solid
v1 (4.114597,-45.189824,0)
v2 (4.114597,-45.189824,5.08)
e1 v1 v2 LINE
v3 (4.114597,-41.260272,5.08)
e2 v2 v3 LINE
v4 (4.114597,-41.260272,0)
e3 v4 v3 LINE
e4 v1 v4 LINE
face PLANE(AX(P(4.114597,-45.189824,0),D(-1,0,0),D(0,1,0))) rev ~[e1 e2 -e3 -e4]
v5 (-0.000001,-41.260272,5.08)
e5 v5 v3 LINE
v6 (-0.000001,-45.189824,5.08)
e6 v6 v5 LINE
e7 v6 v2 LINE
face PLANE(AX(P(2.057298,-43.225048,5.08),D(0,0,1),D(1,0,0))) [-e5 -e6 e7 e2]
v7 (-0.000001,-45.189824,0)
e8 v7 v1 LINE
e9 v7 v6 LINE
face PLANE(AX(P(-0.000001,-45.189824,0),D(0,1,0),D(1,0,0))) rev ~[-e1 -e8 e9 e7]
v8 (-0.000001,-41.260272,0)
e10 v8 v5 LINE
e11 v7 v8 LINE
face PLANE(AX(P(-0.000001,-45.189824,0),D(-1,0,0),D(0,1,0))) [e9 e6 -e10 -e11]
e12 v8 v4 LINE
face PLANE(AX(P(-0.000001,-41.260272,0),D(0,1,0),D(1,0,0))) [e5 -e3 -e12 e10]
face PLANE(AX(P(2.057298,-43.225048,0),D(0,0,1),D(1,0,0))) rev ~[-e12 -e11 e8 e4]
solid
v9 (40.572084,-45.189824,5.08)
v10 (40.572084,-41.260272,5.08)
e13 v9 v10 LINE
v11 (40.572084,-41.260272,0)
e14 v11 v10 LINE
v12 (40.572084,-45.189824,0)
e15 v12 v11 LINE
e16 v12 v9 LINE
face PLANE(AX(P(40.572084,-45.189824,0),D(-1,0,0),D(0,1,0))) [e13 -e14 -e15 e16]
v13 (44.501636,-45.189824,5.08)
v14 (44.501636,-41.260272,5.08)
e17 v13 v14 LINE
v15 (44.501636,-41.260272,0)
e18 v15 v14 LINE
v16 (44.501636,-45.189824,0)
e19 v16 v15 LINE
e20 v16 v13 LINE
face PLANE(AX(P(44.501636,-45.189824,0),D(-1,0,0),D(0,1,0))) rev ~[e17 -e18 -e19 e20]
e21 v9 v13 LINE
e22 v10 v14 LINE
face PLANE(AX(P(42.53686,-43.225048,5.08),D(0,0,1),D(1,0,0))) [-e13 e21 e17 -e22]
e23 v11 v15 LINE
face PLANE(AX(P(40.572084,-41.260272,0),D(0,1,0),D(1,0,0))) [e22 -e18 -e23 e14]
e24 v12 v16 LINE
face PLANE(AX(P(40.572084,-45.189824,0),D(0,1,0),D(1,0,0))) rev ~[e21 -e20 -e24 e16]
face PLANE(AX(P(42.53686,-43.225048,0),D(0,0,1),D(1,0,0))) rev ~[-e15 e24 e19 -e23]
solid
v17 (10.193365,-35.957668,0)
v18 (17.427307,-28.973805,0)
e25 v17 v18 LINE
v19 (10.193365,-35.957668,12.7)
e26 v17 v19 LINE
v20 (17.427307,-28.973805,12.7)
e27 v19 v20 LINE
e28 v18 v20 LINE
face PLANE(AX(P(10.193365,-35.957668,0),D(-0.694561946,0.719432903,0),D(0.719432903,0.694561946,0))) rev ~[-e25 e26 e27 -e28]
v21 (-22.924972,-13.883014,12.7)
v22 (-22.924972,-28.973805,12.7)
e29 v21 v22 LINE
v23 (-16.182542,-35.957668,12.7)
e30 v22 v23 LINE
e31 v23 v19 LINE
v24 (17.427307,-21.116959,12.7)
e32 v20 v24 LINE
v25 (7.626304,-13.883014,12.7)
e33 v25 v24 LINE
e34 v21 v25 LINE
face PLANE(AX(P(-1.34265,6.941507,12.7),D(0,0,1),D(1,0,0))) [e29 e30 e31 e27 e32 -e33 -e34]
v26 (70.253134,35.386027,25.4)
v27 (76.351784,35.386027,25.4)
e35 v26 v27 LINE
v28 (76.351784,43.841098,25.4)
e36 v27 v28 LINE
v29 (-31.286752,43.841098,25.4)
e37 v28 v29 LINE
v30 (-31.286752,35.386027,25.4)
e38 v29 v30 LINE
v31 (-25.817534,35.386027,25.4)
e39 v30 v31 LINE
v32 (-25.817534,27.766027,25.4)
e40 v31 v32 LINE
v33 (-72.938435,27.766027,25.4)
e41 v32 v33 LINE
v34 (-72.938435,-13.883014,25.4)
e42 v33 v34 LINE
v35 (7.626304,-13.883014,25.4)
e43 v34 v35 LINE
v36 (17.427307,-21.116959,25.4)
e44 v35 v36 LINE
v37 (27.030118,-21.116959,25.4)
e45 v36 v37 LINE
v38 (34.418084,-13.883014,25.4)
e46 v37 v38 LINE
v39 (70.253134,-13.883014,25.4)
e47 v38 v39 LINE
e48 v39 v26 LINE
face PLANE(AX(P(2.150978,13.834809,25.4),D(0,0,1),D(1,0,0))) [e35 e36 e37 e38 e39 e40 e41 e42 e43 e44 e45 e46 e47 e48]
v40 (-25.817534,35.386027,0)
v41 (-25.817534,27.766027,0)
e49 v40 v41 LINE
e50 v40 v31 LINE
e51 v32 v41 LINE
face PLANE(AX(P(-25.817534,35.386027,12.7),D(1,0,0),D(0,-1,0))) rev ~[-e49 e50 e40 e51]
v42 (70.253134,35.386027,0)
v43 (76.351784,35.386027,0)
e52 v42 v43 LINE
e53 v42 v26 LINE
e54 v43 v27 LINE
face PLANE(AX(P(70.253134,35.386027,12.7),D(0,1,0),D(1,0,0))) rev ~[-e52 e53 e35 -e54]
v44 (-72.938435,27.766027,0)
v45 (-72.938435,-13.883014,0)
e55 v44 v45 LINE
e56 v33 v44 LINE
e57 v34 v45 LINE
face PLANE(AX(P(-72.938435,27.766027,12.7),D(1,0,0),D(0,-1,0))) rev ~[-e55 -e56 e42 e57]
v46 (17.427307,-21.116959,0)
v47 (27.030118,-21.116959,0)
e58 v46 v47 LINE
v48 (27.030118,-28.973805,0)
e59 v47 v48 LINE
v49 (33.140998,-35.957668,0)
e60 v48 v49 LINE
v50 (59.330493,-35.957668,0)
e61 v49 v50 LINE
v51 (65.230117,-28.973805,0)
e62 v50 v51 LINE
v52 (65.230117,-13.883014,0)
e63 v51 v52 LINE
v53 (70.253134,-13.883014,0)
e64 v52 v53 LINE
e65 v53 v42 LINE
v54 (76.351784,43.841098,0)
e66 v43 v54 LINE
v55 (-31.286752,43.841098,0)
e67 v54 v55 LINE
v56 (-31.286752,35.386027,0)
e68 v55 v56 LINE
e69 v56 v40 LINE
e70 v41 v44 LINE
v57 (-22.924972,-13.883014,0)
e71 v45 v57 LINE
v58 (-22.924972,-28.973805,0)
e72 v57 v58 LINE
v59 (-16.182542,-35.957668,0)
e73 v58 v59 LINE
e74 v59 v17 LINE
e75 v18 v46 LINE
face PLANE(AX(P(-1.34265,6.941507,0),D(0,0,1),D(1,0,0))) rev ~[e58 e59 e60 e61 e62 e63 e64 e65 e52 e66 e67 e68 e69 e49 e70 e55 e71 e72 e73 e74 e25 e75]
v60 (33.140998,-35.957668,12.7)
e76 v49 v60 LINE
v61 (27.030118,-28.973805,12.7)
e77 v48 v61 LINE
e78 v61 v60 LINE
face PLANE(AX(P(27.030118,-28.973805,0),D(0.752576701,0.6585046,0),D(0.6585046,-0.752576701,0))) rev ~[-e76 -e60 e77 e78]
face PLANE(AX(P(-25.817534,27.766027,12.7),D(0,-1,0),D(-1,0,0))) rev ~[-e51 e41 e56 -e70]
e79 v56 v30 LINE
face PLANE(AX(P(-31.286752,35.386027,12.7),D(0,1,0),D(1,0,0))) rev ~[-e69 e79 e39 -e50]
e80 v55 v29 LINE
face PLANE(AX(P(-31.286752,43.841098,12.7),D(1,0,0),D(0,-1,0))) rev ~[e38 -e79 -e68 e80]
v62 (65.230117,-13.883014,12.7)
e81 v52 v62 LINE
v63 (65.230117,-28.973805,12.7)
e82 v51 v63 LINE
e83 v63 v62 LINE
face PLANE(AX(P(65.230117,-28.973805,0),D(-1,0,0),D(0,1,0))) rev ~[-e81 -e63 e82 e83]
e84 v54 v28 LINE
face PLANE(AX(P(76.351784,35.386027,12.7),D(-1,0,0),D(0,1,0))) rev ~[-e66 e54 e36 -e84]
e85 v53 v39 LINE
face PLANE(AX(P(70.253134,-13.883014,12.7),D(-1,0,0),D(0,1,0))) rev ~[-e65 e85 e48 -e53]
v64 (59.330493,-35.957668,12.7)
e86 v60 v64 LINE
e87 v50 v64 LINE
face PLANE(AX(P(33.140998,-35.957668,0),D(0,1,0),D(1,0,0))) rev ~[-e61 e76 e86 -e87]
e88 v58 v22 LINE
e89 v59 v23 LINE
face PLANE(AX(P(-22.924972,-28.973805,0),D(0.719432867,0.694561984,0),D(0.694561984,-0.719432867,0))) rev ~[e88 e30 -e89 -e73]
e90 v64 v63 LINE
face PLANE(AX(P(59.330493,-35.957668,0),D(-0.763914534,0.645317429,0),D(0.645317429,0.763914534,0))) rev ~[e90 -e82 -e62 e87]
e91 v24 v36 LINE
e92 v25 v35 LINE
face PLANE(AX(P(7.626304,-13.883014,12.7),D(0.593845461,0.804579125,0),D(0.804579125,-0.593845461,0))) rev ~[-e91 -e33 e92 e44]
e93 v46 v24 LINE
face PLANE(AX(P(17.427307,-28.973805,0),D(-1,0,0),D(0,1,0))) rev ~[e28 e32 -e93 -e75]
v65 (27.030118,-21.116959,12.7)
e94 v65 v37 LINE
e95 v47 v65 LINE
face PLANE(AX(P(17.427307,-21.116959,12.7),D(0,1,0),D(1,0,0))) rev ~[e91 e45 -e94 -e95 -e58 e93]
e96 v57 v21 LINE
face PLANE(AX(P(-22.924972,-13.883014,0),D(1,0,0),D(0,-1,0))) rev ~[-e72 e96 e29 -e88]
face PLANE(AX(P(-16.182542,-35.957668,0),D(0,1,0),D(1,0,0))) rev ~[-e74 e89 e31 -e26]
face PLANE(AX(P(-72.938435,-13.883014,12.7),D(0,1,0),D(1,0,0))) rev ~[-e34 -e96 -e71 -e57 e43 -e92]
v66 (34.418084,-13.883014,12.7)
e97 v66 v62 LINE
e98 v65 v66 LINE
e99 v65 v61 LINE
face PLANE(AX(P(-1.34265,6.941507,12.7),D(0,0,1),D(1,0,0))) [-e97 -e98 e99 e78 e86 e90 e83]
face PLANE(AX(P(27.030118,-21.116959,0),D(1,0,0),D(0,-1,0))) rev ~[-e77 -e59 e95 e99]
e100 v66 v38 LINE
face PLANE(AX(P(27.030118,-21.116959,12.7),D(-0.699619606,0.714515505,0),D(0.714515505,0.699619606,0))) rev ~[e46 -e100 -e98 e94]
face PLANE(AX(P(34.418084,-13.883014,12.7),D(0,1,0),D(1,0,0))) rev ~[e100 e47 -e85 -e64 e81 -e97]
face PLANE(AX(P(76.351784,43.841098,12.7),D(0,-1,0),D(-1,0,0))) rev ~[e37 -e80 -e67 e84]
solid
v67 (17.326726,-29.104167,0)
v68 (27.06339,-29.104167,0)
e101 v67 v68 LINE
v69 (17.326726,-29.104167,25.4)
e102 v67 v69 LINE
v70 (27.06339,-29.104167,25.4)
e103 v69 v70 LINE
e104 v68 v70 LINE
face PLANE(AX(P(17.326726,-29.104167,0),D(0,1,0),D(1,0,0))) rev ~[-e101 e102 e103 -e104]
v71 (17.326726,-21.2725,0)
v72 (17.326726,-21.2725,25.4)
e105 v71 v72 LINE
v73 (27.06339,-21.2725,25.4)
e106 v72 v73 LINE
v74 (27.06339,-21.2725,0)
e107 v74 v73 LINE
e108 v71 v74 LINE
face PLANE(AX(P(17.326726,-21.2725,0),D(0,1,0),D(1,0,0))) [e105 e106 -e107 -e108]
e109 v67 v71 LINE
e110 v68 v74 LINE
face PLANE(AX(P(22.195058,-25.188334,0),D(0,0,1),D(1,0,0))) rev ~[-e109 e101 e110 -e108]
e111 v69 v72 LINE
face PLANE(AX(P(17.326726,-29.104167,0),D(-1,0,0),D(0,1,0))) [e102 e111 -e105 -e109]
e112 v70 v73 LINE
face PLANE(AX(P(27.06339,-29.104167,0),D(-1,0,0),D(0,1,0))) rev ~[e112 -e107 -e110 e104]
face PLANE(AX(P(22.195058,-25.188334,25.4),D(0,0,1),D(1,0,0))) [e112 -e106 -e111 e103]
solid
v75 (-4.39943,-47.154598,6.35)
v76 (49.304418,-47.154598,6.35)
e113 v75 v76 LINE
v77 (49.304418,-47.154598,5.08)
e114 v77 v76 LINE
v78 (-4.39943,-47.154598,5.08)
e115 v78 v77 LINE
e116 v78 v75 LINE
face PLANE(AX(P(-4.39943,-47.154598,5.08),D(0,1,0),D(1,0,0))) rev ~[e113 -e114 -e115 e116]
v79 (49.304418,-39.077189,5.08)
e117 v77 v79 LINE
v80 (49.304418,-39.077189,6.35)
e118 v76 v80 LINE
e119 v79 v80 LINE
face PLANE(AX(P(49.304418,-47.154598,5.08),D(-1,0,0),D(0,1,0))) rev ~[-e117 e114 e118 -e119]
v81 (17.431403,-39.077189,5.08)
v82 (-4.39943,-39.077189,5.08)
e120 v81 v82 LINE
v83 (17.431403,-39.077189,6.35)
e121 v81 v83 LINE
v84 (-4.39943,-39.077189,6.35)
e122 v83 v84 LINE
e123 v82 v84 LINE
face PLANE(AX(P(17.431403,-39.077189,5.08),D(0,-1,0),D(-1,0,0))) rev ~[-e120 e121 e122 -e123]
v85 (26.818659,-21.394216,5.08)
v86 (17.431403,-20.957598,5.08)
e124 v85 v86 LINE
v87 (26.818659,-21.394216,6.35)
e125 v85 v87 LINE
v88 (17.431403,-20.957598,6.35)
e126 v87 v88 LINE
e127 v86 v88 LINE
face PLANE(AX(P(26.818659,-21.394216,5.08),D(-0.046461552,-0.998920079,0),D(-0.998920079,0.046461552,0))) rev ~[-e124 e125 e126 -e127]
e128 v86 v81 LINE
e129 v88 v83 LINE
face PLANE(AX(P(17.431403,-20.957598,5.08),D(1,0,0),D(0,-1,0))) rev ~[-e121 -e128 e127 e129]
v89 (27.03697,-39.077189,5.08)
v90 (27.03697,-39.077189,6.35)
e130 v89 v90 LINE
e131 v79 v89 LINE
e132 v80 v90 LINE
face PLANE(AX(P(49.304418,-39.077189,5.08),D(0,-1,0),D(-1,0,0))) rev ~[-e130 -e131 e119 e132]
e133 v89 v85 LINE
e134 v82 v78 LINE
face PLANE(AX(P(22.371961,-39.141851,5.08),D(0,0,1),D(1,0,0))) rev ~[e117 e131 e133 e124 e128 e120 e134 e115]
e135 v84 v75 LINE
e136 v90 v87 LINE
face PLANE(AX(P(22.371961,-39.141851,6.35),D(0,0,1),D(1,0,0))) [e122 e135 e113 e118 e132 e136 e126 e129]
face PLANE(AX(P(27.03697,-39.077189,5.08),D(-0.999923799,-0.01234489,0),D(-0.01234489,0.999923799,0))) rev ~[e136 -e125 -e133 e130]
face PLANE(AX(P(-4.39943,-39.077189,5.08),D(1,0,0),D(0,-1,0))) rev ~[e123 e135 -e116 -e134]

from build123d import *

# Parameters (mm, degrees)
F1_DEPTH = 12.7
F3_DEPTH = 12.7
F4_W     = 4.114597
F4_H     = 3.929552
F4_W_2   = 3.929552
F5_DEPTH = 5.08
F7_DEPTH = 1.27
F8_W     = 9.736664
F8_H     = 7.831667
F9_DEPTH = 25.4


with BuildPart() as f1:
    # F0 (on Top) → F1 (new body)
    with BuildSketch(Plane.XY):
        Polygon((-25.817534, 27.766027), (-72.938435, 27.766027), (-72.938435, -13.883014), (-22.924972, -13.883014), (10.443441, -13.883014), (33.140998, -13.883014), (65.230117, -13.883014), (70.253134, -13.883014), (70.253134, 27.766027), align=None)
        Polygon((-25.817534, 35.386027), (-25.817534, 27.766027), (70.253134, 27.766027), (70.253134, 35.386027), (76.351784, 35.386027), (76.351784, 43.841098), (-31.286752, 43.841098), (-31.286752, 35.386027), align=None)
        Polygon((10.443441, -13.883014), (-22.924972, -13.883014), (-22.924972, -28.973805), (-16.182542, -35.957668), (10.193365, -35.957668), (17.427307, -28.973805), (17.427307, -21.116959), align=None)
        Polygon((33.140998, -13.883014), (10.443441, -13.883014), (17.427307, -21.116959), (27.030118, -21.116959), align=None)
        Polygon((65.230117, -28.973805), (65.230117, -13.883014), (33.140998, -13.883014), (27.030118, -21.116959), (27.030118, -28.973805), (33.140998, -35.957668), (59.330493, -35.957668), align=None)
    extrude(amount=F1_DEPTH)

    # F2 (on face) → F3 (join)
    with BuildSketch(Plane.XY.offset(12.7)):
        Polygon((-72.938435, -13.883014), (-22.924972, -13.883014), (7.626304, -13.883014), (17.427307, -21.116959), (27.030118, -21.116959), (34.418084, -13.883014), (65.230117, -13.883014), (70.253134, -13.883014), (70.253134, 35.386027), (76.351784, 35.386027), (76.351784, 43.841098), (-31.286752, 43.841098), (-31.286752, 35.386027), (-25.817534, 35.386027), (-25.817534, 27.766027), (-72.938435, 27.766027), align=None)
    extrude(amount=F3_DEPTH)


with BuildPart() as f5:
    # F4 (on Top) → F5 (new body)
    with BuildSketch(Plane.XY):
        with Locations((2.057298, -43.225048)):
            Rectangle(F4_W, F4_H)
        with Locations((42.53686, -43.225048)):
            Rectangle(F4_W_2, F4_H)
    extrude(amount=F5_DEPTH)


with BuildPart() as f7:
    # F6 (on face) → F7 (new body)
    with BuildSketch(Plane.XY.offset(5.08)):
        Polygon((26.818659, -21.394216), (17.431403, -20.957598), (17.431403, -37.330724), (17.431403, -39.077189), (-4.39943, -39.077189), (-4.39943, -47.154598), (49.304418, -47.154598), (49.304418, -39.077189), (27.03697, -39.077189), align=None)
    extrude(amount=F7_DEPTH)


with BuildPart() as f9:
    # F8 (on Top) → F9 (new body)
    with BuildSketch(Plane.XY):
        with Locations((22.195058, -25.188334)):
            Rectangle(F8_W, F8_H)
    extrude(amount=F9_DEPTH)


solid = Compound([f1.part, f5.part, f7.part, f9.part])
